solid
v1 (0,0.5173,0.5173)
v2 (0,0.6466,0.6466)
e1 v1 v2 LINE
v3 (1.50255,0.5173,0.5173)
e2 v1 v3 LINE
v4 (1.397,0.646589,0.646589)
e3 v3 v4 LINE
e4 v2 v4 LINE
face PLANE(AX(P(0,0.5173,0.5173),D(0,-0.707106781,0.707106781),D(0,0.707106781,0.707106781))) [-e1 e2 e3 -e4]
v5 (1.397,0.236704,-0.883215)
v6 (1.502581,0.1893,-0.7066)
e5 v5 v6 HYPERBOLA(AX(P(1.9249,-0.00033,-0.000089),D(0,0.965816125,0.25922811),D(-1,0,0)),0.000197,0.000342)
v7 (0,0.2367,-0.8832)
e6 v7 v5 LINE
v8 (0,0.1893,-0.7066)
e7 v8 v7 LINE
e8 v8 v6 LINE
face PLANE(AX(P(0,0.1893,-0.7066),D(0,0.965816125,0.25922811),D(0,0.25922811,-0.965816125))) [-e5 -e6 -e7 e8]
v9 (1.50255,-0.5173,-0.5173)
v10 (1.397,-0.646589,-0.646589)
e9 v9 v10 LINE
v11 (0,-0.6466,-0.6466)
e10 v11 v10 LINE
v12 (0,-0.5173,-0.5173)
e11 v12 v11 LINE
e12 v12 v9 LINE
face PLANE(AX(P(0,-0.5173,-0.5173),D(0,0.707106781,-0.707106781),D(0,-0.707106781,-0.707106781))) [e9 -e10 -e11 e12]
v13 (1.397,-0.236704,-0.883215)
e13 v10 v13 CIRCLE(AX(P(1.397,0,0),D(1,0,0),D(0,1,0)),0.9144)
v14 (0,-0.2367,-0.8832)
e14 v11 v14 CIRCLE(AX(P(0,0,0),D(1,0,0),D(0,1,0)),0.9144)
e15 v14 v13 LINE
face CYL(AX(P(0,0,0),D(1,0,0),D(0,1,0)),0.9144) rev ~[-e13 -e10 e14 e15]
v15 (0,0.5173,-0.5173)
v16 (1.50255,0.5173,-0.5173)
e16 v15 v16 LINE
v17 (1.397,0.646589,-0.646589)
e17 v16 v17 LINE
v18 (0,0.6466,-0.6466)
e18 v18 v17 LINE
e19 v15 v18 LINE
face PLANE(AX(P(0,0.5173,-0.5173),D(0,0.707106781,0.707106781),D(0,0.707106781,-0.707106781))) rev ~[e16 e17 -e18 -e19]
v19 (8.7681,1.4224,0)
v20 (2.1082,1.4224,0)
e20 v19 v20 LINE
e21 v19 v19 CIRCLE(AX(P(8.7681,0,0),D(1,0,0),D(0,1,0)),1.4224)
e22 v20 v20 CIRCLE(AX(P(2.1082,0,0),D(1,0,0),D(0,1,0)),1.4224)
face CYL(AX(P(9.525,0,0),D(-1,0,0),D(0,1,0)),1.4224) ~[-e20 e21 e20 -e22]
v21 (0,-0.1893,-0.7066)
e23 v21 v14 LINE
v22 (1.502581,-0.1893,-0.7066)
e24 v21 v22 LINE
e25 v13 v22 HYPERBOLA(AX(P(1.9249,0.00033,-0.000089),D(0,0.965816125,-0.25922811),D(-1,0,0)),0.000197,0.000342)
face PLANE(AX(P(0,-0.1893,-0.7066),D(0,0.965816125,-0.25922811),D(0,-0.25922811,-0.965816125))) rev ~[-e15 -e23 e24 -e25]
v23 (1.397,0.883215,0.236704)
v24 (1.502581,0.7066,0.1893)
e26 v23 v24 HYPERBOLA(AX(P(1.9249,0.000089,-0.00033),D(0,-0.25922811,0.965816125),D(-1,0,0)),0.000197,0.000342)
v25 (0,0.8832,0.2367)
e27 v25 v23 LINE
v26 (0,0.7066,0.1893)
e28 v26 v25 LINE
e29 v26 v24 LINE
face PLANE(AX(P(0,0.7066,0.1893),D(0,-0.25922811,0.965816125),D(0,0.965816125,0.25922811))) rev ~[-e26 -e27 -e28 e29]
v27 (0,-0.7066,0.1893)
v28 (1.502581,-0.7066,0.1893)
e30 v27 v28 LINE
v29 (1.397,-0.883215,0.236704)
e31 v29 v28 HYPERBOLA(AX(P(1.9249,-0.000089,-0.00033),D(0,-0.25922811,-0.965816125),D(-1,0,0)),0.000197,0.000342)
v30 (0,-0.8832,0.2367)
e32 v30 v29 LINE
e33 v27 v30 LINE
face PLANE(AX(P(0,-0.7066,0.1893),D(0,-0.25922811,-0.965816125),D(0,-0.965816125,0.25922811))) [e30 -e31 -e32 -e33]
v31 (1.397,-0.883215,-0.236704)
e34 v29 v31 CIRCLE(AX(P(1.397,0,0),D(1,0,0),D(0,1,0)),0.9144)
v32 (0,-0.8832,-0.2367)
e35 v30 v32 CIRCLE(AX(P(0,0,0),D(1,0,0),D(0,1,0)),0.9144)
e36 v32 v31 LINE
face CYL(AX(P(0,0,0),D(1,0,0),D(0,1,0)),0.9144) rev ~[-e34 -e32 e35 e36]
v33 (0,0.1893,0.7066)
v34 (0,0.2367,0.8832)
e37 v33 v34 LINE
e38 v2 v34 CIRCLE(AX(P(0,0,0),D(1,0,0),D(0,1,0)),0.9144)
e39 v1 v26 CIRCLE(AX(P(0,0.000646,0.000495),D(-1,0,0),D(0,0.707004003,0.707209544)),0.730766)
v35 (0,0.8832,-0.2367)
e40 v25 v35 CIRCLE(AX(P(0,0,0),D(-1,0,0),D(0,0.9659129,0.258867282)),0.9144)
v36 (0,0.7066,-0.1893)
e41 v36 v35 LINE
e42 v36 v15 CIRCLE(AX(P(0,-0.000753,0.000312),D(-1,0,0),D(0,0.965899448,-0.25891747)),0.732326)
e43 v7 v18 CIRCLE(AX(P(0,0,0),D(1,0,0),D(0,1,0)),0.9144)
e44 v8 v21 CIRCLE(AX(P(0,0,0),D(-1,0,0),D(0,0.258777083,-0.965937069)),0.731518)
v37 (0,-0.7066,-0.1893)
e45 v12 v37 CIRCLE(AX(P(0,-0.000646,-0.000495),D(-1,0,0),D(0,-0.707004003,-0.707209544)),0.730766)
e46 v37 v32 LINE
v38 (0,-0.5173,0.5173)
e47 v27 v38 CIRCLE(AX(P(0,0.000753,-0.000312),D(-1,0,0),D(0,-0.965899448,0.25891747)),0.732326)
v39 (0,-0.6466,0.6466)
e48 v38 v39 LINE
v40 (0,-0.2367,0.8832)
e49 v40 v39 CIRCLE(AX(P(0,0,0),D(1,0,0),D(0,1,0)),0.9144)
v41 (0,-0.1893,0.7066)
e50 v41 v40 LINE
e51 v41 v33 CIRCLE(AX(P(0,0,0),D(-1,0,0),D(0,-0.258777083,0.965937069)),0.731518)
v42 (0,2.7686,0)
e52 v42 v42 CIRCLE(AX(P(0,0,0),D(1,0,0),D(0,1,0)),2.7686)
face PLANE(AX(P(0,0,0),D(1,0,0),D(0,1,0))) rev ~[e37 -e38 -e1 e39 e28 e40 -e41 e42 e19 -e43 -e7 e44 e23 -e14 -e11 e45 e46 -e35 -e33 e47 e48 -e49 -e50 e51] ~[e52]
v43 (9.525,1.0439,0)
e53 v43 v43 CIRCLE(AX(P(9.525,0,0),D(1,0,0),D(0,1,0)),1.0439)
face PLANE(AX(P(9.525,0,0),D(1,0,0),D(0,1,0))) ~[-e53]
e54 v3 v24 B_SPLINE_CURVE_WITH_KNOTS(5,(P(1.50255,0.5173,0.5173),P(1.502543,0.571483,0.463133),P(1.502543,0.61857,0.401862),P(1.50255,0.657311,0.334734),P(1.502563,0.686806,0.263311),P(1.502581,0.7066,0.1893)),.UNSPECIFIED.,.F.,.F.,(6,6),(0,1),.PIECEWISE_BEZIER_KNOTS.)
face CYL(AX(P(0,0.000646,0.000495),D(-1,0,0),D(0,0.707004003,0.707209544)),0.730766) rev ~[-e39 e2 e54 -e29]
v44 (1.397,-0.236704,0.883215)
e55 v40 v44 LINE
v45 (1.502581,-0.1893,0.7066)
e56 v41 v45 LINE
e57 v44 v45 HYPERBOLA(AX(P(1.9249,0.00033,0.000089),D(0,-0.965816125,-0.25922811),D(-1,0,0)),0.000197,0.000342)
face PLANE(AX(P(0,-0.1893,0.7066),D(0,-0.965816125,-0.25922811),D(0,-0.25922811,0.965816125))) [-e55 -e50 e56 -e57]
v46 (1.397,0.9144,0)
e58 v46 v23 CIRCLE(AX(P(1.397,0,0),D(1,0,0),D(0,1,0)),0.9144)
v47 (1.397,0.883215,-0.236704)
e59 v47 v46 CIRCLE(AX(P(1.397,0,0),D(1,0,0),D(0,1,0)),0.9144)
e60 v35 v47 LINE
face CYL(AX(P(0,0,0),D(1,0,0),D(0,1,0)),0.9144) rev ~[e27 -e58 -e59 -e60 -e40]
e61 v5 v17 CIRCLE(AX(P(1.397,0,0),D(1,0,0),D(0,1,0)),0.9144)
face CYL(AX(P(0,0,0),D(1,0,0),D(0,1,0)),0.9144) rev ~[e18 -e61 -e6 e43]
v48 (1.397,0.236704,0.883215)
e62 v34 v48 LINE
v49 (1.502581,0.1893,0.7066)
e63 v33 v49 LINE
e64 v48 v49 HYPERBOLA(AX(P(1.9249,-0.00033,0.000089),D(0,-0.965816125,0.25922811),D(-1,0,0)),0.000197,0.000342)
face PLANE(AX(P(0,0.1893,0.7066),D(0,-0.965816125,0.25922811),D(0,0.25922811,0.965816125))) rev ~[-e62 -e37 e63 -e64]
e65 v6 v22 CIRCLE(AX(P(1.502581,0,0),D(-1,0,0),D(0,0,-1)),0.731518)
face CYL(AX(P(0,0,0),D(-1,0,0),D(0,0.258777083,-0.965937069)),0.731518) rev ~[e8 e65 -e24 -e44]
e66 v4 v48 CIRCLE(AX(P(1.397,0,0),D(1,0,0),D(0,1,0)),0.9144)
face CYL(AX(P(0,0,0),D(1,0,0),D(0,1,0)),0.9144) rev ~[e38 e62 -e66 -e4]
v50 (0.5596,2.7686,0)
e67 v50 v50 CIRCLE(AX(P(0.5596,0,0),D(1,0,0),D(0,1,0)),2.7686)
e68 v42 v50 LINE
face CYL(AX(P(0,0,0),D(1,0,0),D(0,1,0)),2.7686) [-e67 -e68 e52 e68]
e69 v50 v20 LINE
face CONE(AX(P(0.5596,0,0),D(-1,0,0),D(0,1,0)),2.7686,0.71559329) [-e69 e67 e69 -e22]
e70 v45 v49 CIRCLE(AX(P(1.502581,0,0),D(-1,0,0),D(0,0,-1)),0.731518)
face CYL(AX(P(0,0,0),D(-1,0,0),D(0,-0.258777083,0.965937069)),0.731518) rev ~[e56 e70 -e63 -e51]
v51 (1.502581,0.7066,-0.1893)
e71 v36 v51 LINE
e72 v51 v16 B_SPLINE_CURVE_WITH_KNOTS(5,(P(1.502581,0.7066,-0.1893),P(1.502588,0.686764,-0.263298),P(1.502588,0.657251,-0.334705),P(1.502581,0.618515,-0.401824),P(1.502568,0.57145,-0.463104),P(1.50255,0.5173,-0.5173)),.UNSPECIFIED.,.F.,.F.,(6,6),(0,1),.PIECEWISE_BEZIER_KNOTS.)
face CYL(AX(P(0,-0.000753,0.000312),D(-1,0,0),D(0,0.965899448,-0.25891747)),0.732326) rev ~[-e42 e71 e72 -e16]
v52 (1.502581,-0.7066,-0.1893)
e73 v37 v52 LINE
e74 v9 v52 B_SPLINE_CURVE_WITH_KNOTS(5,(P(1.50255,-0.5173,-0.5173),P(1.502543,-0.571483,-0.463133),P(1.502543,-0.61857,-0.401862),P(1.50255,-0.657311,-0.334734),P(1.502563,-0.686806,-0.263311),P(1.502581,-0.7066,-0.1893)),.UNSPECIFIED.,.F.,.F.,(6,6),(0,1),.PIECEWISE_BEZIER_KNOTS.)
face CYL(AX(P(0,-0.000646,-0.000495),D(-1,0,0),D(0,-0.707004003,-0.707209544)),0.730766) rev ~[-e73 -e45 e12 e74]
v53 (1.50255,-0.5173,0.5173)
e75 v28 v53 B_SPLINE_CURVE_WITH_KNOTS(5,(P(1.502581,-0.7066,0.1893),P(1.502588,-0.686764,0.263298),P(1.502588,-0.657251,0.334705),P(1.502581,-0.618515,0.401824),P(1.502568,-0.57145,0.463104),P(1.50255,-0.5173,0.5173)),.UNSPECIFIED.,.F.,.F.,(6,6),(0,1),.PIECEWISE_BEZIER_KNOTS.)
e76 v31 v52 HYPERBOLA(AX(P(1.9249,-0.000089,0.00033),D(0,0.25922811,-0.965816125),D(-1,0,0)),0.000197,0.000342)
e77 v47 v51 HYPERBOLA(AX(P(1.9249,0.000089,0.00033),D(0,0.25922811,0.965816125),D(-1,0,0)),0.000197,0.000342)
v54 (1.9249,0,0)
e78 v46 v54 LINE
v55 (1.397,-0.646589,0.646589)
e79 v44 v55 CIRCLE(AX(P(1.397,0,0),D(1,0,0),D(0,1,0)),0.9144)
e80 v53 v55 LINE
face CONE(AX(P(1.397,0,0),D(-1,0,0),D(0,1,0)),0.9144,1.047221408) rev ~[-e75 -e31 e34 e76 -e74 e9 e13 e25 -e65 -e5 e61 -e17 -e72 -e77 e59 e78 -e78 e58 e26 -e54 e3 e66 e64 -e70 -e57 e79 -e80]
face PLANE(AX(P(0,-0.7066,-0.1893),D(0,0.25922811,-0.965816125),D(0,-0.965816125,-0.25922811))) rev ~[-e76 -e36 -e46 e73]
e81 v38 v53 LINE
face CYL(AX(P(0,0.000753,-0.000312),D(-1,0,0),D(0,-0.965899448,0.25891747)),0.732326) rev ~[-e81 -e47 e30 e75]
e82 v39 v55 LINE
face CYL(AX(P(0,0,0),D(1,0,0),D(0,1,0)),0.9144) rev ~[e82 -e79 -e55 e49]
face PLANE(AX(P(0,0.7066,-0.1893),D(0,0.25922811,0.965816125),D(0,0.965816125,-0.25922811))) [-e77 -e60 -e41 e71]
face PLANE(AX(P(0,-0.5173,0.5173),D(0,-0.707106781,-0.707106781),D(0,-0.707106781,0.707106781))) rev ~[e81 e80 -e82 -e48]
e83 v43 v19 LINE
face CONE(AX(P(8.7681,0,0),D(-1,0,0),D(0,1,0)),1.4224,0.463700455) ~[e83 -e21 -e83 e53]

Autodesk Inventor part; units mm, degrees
ref_plane "YZ Plane" through (0, 0, 0) normal (1, 0, 0) x (0, 1, 0)
ref_plane "XZ Plane" through (0, 0, 0) normal (0, 1, 0) x (-1, 0, 0)
sketch "Szkic1" plane through (0, 0, 0) normal (0, 0, 1) x (1, 0, 0)
  line L0 (9.525, 0) -> (9.525, 1.4224)
  line L1 (9.525, 1.4224) -> (2.1082, 1.4224)
  line L2 (0, 2.7686) -> (0, 0.9144)
  line L3 (0, 0.9144) -> (1.397, 0.9144)
  line L4 (1.397, 0.9144) -> (1.9249, 0)
  line L5 (1.9249, 0) -> (9.525, 0)
  line L6 (0, 2.7686) -> (0.5596, 2.7686)
  line L7 (0.5596, 2.7686) -> (2.1082, 1.4224)
  line L8 (-1.905, 0) -> (11.43, 0) projected
  line L9 (0, -0.5537) -> (0, 3.3223) projected
  dimension "d0" = 9.525
  dimension "d1" = 1.397
  dimension "d2" = 2.8448
  dimension "d3" = 2.1082
  dimension "d4" = 41
  dimension "d5" = 1.8288
  dimension "d6" = 60
  dimension "d7" = 5.5372
revolve "Bryła" add sketch "Szkic1" angle 360 about axis through (1.9249, 0, 0) along (1, 0, 0) contours L5 L4 L3 L2 L6 L7 L1 L0
sketch "Szkic2" plane through (0, 0, 0) normal (-1, 0, 0) x (0, 0, 1)
  circle A0 centre (0, 0) radius 2.7686 projected
  circle A1 centre (0, 0) radius 0.9144 projected
  line L0 (0.7066, 0.1893) -> (0.8832, 0.2367)
  line L1 (0.7066, -0.1893) -> (0.8832, -0.2367)
  arc A2 (0.7066, -0.1893) -> (0.7066, 0.1893) centre (0, 0) ccw
  arc A3 (0.8832, -0.2367) -> (0.8832, 0.2367) centre (0, 0) ccw
  line L2 (0, -3.876) -> (0, 3.876) projected
  line L3 (-3.876, 0) -> (3.876, 0) projected
  line L4 (0.7066, 0.1893) -> (0, 0) construction
  line L5 (0, 0) -> (0.7066, -0.1893) construction
  line L6 (0.1893, 0.7066) -> (0.2367, 0.8832)
  line L7 (0.5173, 0.5173) -> (0.6466, 0.6466)
  arc A4 (0.5173, 0.5173) -> (0.1893, 0.7066) centre (0, 0) ccw
  arc A5 (0.6466, 0.6466) -> (0.2367, 0.8832) centre (0, 0) ccw
  line L8 (-0.5173, 0.5173) -> (-0.6466, 0.6466)
  line L9 (-0.1893, 0.7066) -> (-0.2367, 0.8832)
  arc A6 (-0.1893, 0.7066) -> (-0.5173, 0.5173) centre (0, 0) ccw
  arc A7 (-0.2367, 0.8832) -> (-0.6466, 0.6466) centre (0, 0) ccw
  line L10 (-0.7066, -0.1893) -> (-0.8832, -0.2367)
  line L11 (-0.7066, 0.1893) -> (-0.8832, 0.2367)
  arc A8 (-0.7066, 0.1893) -> (-0.7066, -0.1893) centre (0, 0) ccw
  arc A9 (-0.8832, 0.2367) -> (-0.8832, -0.2367) centre (0, 0) ccw
  line L12 (-0.1893, -0.7066) -> (-0.2367, -0.8832)
  line L13 (-0.5173, -0.5173) -> (-0.6466, -0.6466)
  arc A10 (-0.5173, -0.5173) -> (-0.1893, -0.7066) centre (0, 0) ccw
  arc A11 (-0.6466, -0.6466) -> (-0.2367, -0.8832) centre (0, 0) ccw
  line L14 (0.5173, -0.5173) -> (0.6466, -0.6466)
  line L15 (0.1893, -0.7066) -> (0.2367, -0.8832)
  arc A12 (0.1893, -0.7066) -> (0.5173, -0.5173) centre (0, 0) ccw
  arc A13 (0.2367, -0.8832) -> (0.6466, -0.6466) centre (0, 0) ccw
  dimension "d8" = 1.463
  dimension "d9" = 1.8288
  dimension "d10" = 15
  dimension "d11" = 15
  dimension "d22" = 360
extrude "Szczelina" add sketch "Szkic2" against normal up to next contours L3 A2 L0 A1 | A1 L1 A2 L3 | L3 A8 L10 A1 | A1 L11 A8 L3 | A1 L7 A4 L6 | L9 A6 L8 A1 | A1 L13 A10 L12 | L15 A12 L14 A1
thread "Gwint" size "4-40 UNC" class "2A" standard "ANSI Unified Screw Threads" length 5.8293
chamfer "Faza1" distance 0.3785 distance2 0.7569 1 edges at (9.525, -1.4224, 0) measured on face at (9.525, -0.1427, 0.3949)
ref_plane "Work Plane1" through (66.6877, 0, 0) normal (0, 0, -1) x (1, 0, 0)
equation "\"d0\" = NLG"
equation "\"d1\" = INTI"
equation "\"d2\" = GD"
equation "\"d3\" = KOH"
equation "\"d4\" = 0.5 * SEWI"
equation "\"d5\" = SW"
equation "\"d7\" = KOD"
equation "\"d8\" = 0.8 * SW"
equation "\"d9\" = SW"
equation "\"d15\" = GEL"
equation "\"d17\" = -0.5 * SPD + 0.5 * GD"
equation "\"d18\" = GUL"
equation "\"NLG\" = 9.525"
equation "\"SW\" = 1.8288"
equation "\"INTI\" = 1.397"
equation "\"GEL\" = 5.8293"
equation "\"KOH\" = 2.1082"
equation "\"KOD\" = 5.5372"
equation "\"GUL\" = 0.75692"
equation "\"SPD\" = 2.08788"
equation "\"GD\" = NND"
equation "\"SEWI\" = 82deg"
equation "\"TOA\" = 30deg"
equation "\"GD1\" = SPD"
equation "\"EPV\" = 3.74448"
equation "\"THREADDIA\" = 2.8448"
equation "\"BDM\" = NND"
equation "\"NND\" = 2.8448"
equation "\"GAL\" = 1.5875"
equation "\"E0\" = 1.155 * SW"
properties part number "ANSI B18.3 - 4-40 UNC x 0,375" material "Stal, miękka"
